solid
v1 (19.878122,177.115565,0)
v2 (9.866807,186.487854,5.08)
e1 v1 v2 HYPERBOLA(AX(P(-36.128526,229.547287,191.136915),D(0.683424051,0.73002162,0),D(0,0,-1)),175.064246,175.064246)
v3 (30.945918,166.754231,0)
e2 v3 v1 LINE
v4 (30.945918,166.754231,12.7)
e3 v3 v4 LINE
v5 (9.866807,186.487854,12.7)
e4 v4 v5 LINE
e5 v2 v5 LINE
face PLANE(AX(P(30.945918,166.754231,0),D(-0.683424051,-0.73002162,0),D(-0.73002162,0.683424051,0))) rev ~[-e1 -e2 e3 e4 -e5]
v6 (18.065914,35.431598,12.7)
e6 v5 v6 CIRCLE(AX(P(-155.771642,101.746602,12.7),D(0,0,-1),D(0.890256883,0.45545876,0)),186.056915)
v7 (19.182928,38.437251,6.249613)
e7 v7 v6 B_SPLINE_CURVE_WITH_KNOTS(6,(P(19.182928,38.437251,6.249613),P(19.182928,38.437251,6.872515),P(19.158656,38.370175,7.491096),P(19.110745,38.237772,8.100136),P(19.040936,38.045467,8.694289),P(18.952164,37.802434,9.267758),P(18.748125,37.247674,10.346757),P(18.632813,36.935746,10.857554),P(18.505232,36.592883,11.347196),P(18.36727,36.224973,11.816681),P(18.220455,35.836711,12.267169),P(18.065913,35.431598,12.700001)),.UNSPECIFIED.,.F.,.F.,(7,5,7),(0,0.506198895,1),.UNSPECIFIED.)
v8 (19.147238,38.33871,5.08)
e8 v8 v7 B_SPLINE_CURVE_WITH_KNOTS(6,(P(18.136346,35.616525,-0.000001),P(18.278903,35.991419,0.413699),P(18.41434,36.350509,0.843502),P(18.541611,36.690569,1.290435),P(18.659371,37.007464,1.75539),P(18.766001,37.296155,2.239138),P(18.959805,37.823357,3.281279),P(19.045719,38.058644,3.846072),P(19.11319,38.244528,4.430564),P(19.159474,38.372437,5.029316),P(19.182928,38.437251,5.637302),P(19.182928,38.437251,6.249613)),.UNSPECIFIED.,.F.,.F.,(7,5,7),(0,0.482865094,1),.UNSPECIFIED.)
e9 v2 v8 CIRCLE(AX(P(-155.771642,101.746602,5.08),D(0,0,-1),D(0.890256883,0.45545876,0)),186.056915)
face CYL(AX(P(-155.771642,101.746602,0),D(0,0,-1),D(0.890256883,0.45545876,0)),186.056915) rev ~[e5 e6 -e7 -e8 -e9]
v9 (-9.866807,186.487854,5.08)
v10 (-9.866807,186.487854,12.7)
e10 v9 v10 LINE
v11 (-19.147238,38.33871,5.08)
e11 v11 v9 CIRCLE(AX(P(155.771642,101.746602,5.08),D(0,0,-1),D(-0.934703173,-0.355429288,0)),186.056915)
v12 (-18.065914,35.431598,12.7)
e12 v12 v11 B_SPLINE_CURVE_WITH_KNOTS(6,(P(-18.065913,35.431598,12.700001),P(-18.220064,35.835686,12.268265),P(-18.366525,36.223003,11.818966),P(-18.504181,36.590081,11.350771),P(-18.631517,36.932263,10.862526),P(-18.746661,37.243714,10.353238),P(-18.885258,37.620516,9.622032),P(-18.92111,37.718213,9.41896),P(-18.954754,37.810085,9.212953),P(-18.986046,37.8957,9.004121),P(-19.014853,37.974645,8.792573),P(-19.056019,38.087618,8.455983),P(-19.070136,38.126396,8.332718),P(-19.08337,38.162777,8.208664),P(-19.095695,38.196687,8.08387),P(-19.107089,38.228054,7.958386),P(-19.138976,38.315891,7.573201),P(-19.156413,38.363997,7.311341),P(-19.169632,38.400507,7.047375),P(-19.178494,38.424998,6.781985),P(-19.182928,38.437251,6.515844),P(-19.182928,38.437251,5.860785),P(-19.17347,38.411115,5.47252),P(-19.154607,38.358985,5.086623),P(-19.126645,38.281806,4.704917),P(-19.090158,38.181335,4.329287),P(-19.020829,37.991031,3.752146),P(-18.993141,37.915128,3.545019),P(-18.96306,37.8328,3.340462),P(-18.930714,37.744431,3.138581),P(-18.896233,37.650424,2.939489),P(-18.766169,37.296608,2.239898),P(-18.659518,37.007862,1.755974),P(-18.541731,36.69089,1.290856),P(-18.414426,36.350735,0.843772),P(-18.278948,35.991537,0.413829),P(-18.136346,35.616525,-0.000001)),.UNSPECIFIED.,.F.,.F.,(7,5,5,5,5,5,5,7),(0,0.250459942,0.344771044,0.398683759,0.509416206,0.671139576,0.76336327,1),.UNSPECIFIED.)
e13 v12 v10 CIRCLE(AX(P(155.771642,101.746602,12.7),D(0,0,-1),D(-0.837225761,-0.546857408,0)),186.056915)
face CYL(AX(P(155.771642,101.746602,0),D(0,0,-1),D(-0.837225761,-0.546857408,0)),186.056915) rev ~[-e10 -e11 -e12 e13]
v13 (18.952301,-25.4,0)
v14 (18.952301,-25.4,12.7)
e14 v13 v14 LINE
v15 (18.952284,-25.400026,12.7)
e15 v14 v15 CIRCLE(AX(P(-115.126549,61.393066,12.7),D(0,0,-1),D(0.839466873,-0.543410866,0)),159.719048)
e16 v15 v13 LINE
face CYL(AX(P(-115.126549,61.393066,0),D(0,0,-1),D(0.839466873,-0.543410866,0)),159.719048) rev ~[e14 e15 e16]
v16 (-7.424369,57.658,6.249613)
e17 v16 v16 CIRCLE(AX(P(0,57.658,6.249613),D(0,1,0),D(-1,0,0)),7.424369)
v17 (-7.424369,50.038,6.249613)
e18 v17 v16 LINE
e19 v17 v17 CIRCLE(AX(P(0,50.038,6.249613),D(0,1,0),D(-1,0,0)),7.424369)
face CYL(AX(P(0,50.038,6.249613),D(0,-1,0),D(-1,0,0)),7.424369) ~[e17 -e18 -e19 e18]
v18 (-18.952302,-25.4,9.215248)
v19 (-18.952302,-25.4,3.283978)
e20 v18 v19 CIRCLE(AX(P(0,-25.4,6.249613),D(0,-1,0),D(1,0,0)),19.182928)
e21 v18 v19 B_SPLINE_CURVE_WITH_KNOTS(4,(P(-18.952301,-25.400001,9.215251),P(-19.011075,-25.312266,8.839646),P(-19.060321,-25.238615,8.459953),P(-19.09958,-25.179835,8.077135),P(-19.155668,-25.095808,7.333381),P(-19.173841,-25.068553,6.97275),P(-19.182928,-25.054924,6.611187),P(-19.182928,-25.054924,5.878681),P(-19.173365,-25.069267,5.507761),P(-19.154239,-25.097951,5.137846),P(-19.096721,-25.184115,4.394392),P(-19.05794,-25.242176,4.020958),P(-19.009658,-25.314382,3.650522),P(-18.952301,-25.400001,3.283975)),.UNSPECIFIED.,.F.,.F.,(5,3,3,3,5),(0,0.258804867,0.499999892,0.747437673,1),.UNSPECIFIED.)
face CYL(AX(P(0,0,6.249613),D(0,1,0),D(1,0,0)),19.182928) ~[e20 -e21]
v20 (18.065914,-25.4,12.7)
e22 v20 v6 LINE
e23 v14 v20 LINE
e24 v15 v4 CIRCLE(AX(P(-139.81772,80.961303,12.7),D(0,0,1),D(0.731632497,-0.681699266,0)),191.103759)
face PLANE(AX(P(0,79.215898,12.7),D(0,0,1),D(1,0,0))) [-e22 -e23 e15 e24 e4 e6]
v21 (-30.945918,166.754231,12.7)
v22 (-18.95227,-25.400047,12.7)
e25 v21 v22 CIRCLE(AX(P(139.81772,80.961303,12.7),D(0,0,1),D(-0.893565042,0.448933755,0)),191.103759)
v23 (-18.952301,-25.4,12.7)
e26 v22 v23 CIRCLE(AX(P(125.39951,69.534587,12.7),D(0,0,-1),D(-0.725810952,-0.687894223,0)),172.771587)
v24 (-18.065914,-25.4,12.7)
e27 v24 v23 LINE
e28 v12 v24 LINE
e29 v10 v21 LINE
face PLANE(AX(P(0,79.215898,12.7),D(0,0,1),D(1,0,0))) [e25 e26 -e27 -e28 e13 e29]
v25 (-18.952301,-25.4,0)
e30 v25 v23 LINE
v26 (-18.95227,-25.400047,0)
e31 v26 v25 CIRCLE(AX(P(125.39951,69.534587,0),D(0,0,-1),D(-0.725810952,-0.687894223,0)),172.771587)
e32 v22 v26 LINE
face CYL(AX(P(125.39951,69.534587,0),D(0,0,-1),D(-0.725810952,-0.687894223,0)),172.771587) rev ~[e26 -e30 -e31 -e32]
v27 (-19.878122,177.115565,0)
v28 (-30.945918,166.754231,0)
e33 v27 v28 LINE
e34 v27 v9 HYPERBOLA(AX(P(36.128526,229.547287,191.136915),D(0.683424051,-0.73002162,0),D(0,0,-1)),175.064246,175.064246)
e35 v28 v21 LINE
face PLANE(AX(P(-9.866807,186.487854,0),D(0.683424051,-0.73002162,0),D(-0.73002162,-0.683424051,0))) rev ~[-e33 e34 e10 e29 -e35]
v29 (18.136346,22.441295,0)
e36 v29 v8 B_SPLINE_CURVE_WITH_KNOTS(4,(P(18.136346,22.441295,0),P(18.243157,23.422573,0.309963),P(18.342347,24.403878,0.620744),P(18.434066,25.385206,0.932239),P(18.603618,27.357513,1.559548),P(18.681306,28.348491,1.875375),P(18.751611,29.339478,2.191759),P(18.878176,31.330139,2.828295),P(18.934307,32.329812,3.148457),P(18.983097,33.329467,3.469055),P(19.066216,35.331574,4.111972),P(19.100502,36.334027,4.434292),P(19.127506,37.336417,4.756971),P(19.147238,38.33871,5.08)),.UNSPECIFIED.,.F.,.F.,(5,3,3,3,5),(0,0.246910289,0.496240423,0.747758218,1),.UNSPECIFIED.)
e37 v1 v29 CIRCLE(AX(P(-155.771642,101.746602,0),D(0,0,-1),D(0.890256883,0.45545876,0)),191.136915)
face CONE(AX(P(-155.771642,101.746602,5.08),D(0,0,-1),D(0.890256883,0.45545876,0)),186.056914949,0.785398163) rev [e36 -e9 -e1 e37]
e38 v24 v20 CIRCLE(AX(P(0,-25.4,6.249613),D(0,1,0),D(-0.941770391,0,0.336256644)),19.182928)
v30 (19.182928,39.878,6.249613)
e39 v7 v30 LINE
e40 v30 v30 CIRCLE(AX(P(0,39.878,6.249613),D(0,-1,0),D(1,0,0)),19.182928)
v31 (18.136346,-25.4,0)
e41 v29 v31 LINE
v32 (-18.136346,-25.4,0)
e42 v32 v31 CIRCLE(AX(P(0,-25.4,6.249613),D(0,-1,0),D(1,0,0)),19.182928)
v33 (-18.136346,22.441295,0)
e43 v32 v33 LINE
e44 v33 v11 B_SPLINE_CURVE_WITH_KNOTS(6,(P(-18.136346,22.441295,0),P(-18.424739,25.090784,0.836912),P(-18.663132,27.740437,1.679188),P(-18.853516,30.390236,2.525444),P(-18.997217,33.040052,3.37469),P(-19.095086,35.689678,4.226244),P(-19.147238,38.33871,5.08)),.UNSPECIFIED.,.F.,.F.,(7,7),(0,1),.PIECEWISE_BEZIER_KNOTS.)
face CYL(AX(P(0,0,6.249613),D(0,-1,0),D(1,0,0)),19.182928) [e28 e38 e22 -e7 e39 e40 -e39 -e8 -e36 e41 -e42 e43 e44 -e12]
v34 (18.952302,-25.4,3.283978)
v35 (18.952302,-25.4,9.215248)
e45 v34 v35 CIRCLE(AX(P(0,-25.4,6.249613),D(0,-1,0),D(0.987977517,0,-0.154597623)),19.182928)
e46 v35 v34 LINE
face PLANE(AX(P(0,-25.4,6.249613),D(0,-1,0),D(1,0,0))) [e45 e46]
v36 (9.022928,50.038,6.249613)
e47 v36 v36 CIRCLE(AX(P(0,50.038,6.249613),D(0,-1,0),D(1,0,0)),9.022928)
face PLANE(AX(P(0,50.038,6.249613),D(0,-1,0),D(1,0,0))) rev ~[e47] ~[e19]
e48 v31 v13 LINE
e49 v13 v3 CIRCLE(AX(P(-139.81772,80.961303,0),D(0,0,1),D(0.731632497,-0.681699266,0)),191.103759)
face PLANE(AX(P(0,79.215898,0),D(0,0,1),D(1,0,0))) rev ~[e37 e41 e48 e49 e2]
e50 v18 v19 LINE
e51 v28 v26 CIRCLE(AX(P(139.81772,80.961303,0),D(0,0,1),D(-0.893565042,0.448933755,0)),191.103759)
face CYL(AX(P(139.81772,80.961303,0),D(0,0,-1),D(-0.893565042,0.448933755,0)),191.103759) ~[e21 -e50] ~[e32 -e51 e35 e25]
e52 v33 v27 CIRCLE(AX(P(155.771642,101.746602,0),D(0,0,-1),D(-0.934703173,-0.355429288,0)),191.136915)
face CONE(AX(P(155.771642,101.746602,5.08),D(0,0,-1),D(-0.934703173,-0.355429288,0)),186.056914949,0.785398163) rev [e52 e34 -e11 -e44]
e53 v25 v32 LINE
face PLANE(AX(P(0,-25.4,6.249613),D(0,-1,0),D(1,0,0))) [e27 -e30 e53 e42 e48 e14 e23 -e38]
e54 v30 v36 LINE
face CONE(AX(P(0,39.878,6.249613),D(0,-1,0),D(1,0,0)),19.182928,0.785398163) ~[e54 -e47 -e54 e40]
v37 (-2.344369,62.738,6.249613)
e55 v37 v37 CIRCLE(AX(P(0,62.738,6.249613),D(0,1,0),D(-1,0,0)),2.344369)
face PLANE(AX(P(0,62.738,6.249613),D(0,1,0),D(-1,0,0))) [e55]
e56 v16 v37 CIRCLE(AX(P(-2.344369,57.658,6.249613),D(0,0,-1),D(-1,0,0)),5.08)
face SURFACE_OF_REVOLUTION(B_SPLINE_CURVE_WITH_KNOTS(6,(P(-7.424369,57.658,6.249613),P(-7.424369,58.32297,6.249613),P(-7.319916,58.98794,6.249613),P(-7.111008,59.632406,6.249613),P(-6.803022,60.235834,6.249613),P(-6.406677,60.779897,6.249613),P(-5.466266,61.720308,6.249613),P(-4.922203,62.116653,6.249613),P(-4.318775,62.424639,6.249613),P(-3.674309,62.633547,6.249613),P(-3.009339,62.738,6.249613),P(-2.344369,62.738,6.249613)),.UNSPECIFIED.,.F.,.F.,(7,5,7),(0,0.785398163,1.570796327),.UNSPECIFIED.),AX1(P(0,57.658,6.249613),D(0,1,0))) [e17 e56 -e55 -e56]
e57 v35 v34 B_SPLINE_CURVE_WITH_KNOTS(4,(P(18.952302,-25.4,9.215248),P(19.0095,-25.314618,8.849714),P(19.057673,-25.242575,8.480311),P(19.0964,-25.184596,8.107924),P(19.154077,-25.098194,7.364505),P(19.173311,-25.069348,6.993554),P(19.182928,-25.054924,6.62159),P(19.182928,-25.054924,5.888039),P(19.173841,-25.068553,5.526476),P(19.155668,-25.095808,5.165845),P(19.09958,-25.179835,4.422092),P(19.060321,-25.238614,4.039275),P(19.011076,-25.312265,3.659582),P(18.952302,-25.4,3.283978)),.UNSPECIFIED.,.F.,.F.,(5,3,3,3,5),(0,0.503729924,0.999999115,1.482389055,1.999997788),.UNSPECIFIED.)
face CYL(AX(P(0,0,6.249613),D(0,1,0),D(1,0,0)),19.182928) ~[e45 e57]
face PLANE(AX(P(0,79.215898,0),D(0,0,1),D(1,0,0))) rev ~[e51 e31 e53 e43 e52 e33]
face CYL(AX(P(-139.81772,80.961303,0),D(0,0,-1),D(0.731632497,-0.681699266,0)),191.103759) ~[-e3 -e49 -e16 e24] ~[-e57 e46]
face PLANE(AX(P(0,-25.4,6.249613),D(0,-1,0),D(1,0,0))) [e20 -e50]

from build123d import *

# Parameters (mm, degrees)
F1_DEPTH      = 12.7
F2_R          = 19.182928
F3_DEPTH      = 25.4
F3_DEPTH_BACK = 50.038
F4_SIZE       = 5.08
F5_SIZE       = 5.08
F7_SIZE       = 10.16
F8_DEPTH      = 25.4
F9_R          = 7.424369
F10_DEPTH     = 12.7
F11_R         = 5.08


with BuildPart() as f1:
    # F0 (on Top) → F1 (new body)
    with BuildSketch(Plane.XY):
        with BuildLine():
            ThreePointArc((0, 0), (-30.025402, 91.916345), (-9.866807, 186.487854))
            Line((-9.866807, 186.487854), (-30.945918, 166.754231))
            ThreePointArc((-30.945918, 166.754231), (-49.35565, 53.867344), (0, -49.313989))
            ThreePointArc((0, -49.313989), (49.35565, 53.867344), (30.945918, 166.754231))
            Line((30.945918, 166.754231), (9.866807, 186.487854))
            ThreePointArc((9.866807, 186.487854), (30.025402, 91.916345), (0, 0))
        make_face()
    extrude(amount=F1_DEPTH)

    # F2 (on Front) → F3 (join, two sides)
    with BuildSketch(Plane.XZ) as f3_sk:
        with Locations((0, 6.249613)):
            Circle(F2_R)
    extrude(amount=F3_DEPTH)
    extrude(f3_sk.sketch, amount=-F3_DEPTH_BACK)

    # F4
    f4_edges = [f1.edges().sort_by_distance(p)[0] for p in [
        (30.006411, 111.929444, 0),
    ]]
    chamfer(f4_edges, length=F4_SIZE)

    # F5
    f5_edges = [f1.edges().sort_by_distance(p)[0] for p in [
        (-30.006411, 111.929444, 0),
    ]]
    chamfer(f5_edges, length=F5_SIZE)

    # F7
    f7_edges = [f1.edges().sort_by_distance(p)[0] for p in [
        (-19.182928, 50.038, 6.249613),
    ]]
    chamfer(f7_edges, length=F7_SIZE)

    # F6 (on face) → F8 (cut)
    with BuildSketch(Plane(origin=(0, 0, 0), x_dir=(1, 0, 0), z_dir=(0, 0, -1))):
        with BuildLine():
            ThreePointArc((18.952301, 25.4), (10.048538, 37.810623), (0, 49.313989))
            ThreePointArc((0, 49.313989), (-10.005119, 37.776212), (-18.952301, 25.4))
            Line((-18.952301, 25.4), (18.952301, 25.4))
        make_face()
    extrude(amount=-F8_DEPTH, mode=Mode.SUBTRACT)

    # F9 (on face) → F10 (join)
    with BuildSketch(Plane(origin=(0, 50.038, 0), x_dir=(-1, 0, 0), z_dir=(0, 1, 0))):
        with Locations((0, 6.249613)):
            Circle(F9_R)
    extrude(amount=F10_DEPTH)

    # F11
    f11_edges = [f1.edges().sort_by_distance(p)[0] for p in [
        (7.424369, 62.738, 6.249613),
    ]]
    fillet(f11_edges, radius=F11_R)


solid = f1.part
